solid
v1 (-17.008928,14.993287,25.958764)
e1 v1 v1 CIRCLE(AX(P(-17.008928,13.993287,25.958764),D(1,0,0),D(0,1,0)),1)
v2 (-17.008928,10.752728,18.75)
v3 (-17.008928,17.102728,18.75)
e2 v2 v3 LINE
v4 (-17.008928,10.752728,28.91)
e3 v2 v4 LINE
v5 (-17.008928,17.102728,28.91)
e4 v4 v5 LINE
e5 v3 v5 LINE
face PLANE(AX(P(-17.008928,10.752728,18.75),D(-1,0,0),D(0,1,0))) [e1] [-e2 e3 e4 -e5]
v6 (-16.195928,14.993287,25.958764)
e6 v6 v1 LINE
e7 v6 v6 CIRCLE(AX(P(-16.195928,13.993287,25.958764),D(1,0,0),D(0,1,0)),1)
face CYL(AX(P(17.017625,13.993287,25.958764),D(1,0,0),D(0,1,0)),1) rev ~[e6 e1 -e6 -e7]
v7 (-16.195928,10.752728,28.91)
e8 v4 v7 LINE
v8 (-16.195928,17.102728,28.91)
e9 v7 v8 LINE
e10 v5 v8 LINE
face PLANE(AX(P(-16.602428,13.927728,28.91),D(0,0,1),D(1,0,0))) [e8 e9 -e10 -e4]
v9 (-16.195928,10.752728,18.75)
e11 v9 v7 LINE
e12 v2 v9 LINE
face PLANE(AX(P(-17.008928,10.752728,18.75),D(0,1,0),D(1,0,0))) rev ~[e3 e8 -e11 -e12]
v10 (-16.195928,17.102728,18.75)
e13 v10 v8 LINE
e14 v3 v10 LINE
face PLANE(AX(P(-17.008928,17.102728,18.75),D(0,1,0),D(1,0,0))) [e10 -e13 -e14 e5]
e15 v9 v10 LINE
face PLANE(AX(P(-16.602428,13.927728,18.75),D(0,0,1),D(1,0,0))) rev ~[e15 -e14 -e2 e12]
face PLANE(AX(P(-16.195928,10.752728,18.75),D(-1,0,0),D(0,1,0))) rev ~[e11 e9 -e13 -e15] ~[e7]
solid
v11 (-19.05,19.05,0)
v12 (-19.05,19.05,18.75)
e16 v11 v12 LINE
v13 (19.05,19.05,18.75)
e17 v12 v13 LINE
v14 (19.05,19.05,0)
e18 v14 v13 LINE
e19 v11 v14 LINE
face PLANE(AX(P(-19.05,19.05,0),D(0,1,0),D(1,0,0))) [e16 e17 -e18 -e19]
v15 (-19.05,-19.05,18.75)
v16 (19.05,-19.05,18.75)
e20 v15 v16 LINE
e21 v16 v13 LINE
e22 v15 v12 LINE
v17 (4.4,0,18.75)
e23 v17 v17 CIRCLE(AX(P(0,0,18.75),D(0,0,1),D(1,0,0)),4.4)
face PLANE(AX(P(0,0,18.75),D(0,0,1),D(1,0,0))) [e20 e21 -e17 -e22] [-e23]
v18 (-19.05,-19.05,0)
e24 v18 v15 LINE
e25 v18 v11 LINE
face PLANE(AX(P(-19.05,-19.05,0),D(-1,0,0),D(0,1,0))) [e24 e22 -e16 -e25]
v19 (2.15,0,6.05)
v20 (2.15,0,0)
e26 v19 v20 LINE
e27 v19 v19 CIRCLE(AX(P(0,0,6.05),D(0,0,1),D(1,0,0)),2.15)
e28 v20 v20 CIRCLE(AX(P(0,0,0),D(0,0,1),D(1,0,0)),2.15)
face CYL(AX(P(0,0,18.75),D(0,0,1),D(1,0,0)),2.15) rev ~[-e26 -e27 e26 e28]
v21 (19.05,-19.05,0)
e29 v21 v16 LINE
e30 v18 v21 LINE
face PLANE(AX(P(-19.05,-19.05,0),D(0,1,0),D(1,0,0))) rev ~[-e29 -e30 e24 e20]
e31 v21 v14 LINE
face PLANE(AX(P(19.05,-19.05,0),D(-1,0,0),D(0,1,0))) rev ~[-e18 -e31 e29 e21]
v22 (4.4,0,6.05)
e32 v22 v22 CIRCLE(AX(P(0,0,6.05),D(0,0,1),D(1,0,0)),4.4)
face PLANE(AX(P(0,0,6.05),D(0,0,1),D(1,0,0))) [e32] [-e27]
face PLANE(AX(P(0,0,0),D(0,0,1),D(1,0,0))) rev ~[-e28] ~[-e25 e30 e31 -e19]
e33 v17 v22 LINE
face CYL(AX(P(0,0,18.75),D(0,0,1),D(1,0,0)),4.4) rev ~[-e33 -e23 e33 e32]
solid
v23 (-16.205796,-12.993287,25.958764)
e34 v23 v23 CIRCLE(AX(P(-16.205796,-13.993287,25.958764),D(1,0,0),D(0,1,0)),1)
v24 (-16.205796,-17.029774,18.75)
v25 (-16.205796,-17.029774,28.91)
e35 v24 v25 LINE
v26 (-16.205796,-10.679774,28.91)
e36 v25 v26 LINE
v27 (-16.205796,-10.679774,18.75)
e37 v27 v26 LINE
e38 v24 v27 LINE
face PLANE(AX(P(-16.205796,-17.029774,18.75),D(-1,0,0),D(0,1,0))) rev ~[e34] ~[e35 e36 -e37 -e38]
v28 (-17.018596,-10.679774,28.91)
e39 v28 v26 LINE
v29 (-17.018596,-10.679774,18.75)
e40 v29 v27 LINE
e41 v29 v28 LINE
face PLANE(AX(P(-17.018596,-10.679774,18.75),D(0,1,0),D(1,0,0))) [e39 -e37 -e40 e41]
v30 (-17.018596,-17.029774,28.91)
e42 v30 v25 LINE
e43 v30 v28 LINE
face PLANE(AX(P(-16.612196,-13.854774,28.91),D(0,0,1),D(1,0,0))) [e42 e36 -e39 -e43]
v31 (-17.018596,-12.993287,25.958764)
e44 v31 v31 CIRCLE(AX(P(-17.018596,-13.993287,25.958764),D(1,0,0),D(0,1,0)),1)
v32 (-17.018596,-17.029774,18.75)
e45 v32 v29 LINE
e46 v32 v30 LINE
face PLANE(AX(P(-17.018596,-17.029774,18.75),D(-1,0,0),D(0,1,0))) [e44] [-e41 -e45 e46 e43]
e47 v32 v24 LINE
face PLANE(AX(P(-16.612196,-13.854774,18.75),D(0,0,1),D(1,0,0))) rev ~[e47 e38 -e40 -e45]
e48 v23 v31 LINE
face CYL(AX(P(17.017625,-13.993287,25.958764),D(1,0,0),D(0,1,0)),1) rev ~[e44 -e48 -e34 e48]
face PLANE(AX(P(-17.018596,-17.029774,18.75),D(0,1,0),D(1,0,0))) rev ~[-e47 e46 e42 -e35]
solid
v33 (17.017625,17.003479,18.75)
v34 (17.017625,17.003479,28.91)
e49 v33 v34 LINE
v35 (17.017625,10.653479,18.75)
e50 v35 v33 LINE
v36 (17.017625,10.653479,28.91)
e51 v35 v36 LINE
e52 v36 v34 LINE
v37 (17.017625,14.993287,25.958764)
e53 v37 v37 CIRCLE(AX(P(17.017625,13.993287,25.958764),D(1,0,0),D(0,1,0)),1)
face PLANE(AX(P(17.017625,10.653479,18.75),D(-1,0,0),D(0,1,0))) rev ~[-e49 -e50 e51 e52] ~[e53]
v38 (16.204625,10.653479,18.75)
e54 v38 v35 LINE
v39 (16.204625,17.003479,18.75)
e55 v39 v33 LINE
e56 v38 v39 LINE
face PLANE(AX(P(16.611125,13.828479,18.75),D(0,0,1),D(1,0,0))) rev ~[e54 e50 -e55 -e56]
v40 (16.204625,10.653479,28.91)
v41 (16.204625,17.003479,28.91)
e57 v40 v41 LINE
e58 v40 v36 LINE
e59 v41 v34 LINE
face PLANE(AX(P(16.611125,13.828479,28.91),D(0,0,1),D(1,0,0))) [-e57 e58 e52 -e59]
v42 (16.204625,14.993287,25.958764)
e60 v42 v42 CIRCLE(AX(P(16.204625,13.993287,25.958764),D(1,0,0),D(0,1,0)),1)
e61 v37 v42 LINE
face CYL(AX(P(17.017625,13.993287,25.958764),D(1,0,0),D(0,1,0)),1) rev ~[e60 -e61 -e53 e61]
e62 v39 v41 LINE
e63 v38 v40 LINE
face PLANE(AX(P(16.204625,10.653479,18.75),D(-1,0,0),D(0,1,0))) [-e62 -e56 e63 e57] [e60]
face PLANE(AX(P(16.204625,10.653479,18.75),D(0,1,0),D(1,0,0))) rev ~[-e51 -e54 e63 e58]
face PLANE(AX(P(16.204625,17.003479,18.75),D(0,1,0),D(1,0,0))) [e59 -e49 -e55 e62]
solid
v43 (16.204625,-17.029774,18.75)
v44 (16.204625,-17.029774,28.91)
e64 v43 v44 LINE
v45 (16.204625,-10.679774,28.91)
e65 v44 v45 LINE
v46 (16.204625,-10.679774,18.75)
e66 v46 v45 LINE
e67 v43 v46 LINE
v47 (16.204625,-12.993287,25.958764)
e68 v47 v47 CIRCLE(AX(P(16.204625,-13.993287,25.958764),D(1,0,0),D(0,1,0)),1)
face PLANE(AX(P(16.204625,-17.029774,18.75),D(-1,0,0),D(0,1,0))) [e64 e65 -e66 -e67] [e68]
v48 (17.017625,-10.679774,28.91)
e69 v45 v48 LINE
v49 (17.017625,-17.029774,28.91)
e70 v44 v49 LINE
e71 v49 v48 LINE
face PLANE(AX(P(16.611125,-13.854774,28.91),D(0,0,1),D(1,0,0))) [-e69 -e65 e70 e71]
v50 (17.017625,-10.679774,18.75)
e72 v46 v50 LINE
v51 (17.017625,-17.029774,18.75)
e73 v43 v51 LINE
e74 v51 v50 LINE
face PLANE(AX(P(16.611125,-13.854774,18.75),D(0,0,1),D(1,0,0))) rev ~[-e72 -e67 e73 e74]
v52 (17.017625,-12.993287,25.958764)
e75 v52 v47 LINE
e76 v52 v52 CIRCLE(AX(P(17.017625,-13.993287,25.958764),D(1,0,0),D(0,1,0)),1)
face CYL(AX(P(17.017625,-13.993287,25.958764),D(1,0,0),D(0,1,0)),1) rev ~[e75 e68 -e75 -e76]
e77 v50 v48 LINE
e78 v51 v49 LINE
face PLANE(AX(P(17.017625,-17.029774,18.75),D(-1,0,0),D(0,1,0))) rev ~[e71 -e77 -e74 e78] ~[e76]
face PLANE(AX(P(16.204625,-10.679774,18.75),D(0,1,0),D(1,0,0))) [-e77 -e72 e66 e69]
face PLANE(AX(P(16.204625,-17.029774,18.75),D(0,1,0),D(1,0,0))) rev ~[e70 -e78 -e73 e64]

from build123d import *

# Parameters (mm, degrees)
F0_W      = 38.1
F0_H      = 38.1
F1_DEPTH  = 18.75
F2_R      = 2.15
F3_DEPTH  = 18.75
F2_R_2    = 4.4
F4_DEPTH  = 12.7
F5_W      = 0.8128
F5_H      = 6.35
F6_DEPTH  = 10.16
F5_W_2    = 0.813
F10_R     = 1
F11_DEPTH = 40


with BuildPart() as f1:
    # F0 (on Top) → F1 (new body)
    with BuildSketch(Plane.XY):
        Rectangle(F0_W, F0_H)
    extrude(amount=F1_DEPTH)

    # F2 (on face) → F3 (cut)
    with BuildSketch(Plane.XY.offset(18.75)):
        Circle(F2_R)
    extrude(amount=-F3_DEPTH, mode=Mode.SUBTRACT)

    # F2 (on face) → F4 (cut)
    with BuildSketch(Plane.XY.offset(18.75)):
        Circle(F2_R_2)
        Circle(F2_R, mode=Mode.SUBTRACT)
    extrude(amount=-F4_DEPTH, mode=Mode.SUBTRACT)


with BuildPart() as f6:
    # F5 (on face) → F6 (new body)
    with BuildSketch(Plane.XY.offset(18.75)):
        with Locations((-16.6121960382, -13.8547737718)):
            Rectangle(F5_W, F5_H)
    extrude(amount=F6_DEPTH)


with BuildPart() as f6b:
    # F5 (on face) → F6, piece 2 (new body)
    with BuildSketch(Plane.XY.offset(18.75)):
        with Locations((16.6111253681, -13.8547737718)):
            Rectangle(F5_W_2, F5_H)
    extrude(amount=F6_DEPTH)


with BuildPart() as f6c:
    # F5 (on face) → F6, piece 3 (new body)
    with BuildSketch(Plane.XY.offset(18.75)):
        with Locations((16.6111253681, 13.8284788102)):
            Rectangle(F5_W_2, F5_H)
    extrude(amount=F6_DEPTH)


with BuildPart() as f6d:
    # F5 (on face) → F6, piece 4 (new body)
    with BuildSketch(Plane.XY.offset(18.75)):
        with Locations((-15.7704279306, 13.3477284491)):
            Rectangle(F5_W_2, F5_H)
    extrude(amount=F6_DEPTH)


with BuildPart() as f6d_1:
    # F7: moved
    add(f6d.part.moved(Location((-0.832, 0.58, 0))))


with BuildPart() as f11_tool:
    # F10 (on plane+point) → F11 (new body)
    with BuildSketch(Plane.YZ.offset(17.0176253681)):
        with Locations((-13.9932865277, 25.9587639272)):
            Circle(F10_R)
        with Locations((13.9932865277, 25.9587639272)):
            Circle(F10_R)
    extrude(amount=-F11_DEPTH)


with BuildPart() as f6_1:
    add(f6.part)

    # F11: cut by f11_tool
    add(f11_tool.part, mode=Mode.SUBTRACT)


with BuildPart() as f6b_1:
    add(f6b.part)

    # F11: cut by f11_tool
    add(f11_tool.part, mode=Mode.SUBTRACT)


with BuildPart() as f6c_1:
    add(f6c.part)

    # F11: cut by f11_tool
    add(f11_tool.part, mode=Mode.SUBTRACT)


with BuildPart() as f6d_2:
    add(f6d_1.part)

    # F11: cut by f11_tool
    add(f11_tool.part, mode=Mode.SUBTRACT)


solid = Compound([f1.part, f6_1.part, f6b_1.part, f6c_1.part, f6d_2.part])
